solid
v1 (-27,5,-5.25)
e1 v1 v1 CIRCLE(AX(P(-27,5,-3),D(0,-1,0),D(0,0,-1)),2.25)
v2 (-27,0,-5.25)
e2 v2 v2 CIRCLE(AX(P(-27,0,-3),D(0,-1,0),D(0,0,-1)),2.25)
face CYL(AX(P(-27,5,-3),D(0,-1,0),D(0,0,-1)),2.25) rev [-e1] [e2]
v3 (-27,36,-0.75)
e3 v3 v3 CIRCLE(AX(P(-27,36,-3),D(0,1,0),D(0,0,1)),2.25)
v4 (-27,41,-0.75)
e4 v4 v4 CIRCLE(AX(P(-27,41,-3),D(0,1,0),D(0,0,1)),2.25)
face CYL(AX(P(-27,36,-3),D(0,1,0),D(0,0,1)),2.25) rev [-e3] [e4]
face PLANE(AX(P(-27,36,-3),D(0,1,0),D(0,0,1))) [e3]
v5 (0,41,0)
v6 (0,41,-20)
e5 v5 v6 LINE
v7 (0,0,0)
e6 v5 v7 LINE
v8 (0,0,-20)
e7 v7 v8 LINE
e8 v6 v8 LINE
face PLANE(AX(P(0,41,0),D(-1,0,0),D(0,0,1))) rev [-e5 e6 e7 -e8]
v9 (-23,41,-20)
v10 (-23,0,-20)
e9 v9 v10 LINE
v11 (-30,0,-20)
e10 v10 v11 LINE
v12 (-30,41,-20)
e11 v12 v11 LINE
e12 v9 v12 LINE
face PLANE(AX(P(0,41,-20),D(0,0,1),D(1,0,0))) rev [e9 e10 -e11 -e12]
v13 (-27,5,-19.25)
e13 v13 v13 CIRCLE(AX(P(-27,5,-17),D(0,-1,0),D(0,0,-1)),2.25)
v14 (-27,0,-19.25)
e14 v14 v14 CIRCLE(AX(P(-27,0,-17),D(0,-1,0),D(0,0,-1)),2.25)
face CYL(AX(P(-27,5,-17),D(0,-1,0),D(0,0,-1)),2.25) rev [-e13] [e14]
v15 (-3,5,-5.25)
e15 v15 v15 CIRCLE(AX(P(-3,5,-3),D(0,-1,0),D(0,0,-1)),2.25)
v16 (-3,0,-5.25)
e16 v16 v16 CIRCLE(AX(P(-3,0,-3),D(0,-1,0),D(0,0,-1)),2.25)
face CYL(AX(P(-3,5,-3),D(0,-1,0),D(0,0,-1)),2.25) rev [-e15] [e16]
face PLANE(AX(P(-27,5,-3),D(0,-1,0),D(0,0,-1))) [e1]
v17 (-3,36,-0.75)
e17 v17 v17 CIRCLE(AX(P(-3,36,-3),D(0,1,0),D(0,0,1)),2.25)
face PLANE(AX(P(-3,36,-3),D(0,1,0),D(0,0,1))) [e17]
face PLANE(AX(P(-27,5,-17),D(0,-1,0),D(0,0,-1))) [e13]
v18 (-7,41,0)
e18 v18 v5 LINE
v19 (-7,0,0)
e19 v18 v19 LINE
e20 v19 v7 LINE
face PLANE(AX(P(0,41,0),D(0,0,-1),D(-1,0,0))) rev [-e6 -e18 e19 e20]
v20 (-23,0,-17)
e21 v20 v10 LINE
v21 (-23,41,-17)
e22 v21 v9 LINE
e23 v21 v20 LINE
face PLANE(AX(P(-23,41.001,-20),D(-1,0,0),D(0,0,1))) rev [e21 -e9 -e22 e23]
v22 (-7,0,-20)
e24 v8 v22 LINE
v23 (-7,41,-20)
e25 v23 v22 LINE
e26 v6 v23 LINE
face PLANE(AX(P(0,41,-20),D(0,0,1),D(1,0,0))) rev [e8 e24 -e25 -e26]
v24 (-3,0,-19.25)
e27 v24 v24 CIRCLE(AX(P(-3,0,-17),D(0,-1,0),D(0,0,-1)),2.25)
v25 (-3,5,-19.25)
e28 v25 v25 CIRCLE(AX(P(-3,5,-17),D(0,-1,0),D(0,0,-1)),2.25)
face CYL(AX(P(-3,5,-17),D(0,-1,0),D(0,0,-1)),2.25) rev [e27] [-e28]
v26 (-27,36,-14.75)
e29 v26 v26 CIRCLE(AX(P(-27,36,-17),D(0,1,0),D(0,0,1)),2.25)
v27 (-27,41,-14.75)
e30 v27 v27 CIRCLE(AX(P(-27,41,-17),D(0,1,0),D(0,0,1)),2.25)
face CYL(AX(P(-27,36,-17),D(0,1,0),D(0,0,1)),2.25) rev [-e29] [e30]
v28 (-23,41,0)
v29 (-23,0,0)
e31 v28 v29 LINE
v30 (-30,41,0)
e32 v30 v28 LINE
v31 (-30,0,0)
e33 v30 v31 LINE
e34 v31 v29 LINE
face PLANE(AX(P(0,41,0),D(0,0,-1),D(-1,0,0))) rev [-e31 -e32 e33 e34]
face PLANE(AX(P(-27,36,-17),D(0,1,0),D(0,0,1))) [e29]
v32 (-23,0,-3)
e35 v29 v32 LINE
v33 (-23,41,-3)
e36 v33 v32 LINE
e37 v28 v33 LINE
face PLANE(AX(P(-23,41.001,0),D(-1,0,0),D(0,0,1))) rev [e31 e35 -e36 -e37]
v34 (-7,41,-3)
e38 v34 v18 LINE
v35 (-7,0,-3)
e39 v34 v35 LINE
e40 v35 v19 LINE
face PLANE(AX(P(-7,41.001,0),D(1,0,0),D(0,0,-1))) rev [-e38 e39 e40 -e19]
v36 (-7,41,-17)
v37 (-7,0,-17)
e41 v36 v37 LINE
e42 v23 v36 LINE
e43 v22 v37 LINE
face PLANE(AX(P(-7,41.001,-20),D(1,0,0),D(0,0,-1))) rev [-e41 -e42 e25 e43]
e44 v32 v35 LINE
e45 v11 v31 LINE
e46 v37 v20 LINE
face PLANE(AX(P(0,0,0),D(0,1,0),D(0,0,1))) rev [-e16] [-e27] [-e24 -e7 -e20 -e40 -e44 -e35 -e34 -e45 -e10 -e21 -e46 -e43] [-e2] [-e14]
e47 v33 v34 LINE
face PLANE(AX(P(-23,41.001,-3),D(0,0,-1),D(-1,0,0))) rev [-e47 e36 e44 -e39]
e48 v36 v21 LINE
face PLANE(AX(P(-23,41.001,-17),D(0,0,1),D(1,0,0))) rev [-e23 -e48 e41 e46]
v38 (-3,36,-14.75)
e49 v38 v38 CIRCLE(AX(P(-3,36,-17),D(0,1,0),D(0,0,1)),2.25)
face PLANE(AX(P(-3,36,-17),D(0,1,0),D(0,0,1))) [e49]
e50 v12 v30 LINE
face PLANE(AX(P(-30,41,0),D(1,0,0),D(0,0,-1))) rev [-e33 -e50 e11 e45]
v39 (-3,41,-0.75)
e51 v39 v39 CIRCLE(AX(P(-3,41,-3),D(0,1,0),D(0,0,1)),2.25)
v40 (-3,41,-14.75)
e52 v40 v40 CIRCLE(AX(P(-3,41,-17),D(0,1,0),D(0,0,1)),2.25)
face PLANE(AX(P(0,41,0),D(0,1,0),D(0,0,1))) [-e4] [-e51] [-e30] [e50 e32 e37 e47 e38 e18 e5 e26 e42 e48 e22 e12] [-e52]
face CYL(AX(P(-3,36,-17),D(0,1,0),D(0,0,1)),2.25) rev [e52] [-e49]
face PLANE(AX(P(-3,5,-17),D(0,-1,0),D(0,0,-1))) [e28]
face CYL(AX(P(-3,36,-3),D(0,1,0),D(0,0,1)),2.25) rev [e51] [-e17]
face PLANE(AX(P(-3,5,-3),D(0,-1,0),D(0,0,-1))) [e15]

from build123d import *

# Parameters (mm, degrees)
SKETCH_1_W           = 30
SKETCH_1_H           = 20
EXTRUDE_1_DEPTH      = 41
CUT_EXTRUDE_15_REACH = 56.599
SKETCH_17_W          = 7
SKETCH_17_H          = 8
SKETCH_17_W_2        = 16
SKETCH_17_H_2        = 3
SKETCH_20_R          = 2.25
CUT_EXTRUDE_18_DEPTH = 5
SKETCH_21_W          = 8
SKETCH_21_H          = 41
EXTRUDE_2_DEPTH      = 7
SKETCH_22_W          = 8
SKETCH_22_H          = 41
EXTRUDE_3_DEPTH      = 7
CUT_EXTRUDE_START    = -5
SKETCH_23_R          = 2.25
CUT_EXTRUDE_19_DEPTH = 5


with BuildPart() as part:
    # 草图1 → 凸台-拉伸1 (new body)
    with BuildSketch(Plane(origin=(0, 0, 0), x_dir=(1, 0, 0), z_dir=(0, 1, 0))):
        with Locations((-15, 10)):
            Rectangle(SKETCH_1_W, SKETCH_1_H)
    extrude(amount=EXTRUDE_1_DEPTH)

    # 草图17 → 切除-拉伸15 (cut, up to next)
    with BuildSketch(Plane.XZ, mode=Mode.PRIVATE) as cut_extrude_15_sk1:
        with Locations((-26.5, -10)):
            Rectangle(SKETCH_17_W, SKETCH_17_H)
    cut_extrude_15_tool1 = extrude(cut_extrude_15_sk1.sketch, amount=-CUT_EXTRUDE_15_REACH, mode=Mode.PRIVATE) & part.part
    # 草图17 → 切除-拉伸15 (cut, up to next)
    with BuildSketch(Plane.XZ, mode=Mode.PRIVATE) as cut_extrude_15_sk2:
        with Locations((-3.5, -10)):
            Rectangle(SKETCH_17_W, SKETCH_17_H)
    cut_extrude_15_tool2 = extrude(cut_extrude_15_sk2.sketch, amount=-CUT_EXTRUDE_15_REACH, mode=Mode.PRIVATE) & part.part
    # 草图17 → 切除-拉伸15 (cut, up to next)
    with BuildSketch(Plane.XZ, mode=Mode.PRIVATE) as cut_extrude_15_sk3:
        with Locations((-15, -1.5)):
            Rectangle(SKETCH_17_W_2, SKETCH_17_H_2)
    cut_extrude_15_tool3 = extrude(cut_extrude_15_sk3.sketch, amount=-CUT_EXTRUDE_15_REACH, mode=Mode.PRIVATE) & part.part
    # 草图17 → 切除-拉伸15 (cut, up to next)
    with BuildSketch(Plane.XZ, mode=Mode.PRIVATE) as cut_extrude_15_sk4:
        with Locations((-15, -18.5)):
            Rectangle(SKETCH_17_W_2, SKETCH_17_H_2)
    cut_extrude_15_tool4 = extrude(cut_extrude_15_sk4.sketch, amount=-CUT_EXTRUDE_15_REACH, mode=Mode.PRIVATE) & part.part
    add(cut_extrude_15_tool1.solids().sort_by_distance((-26.5, 0, -10))[0], mode=Mode.SUBTRACT)
    add(cut_extrude_15_tool2.solids().sort_by_distance((-3.5, 0, -10))[0], mode=Mode.SUBTRACT)
    add(cut_extrude_15_tool3.solids().sort_by_distance((-15, 0, -1.5))[0], mode=Mode.SUBTRACT)
    add(cut_extrude_15_tool4.solids().sort_by_distance((-15, 0, -18.5))[0], mode=Mode.SUBTRACT)

    # 草图20 → 切除-拉伸18 (cut)
    with BuildSketch(Plane(origin=(0, 41, 0), x_dir=(1, 0, 0), z_dir=(0, 1, 0))):
        with Locations(Location((-27, 17, 0), (0, 0, 270))):
            Circle(SKETCH_20_R)
        with Locations(Location((-27, 3, 0), (0, 0, 270))):
            Circle(SKETCH_20_R)
        with Locations(Location((-3, 3, 0), (0, 0, 270))):
            Circle(SKETCH_20_R)
        with Locations(Location((-3, 17, 0), (0, 0, 270))):
            Circle(SKETCH_20_R)
    extrude(amount=-CUT_EXTRUDE_18_DEPTH, mode=Mode.SUBTRACT)

    # 草图21 → 凸台-拉伸2 (add)
    with BuildSketch(Plane(origin=(-7, 0, 0), x_dir=(0, 0, -1), z_dir=(1, 0, 0))):
        with Locations((10, 20.5)):
            Rectangle(SKETCH_21_W, SKETCH_21_H)
    extrude(amount=EXTRUDE_2_DEPTH)

    # 草图22 → 凸台-拉伸3 (add)
    with BuildSketch(Plane.ZY.offset(23)):
        with Locations((-10, 20.5)):
            Rectangle(SKETCH_22_W, SKETCH_22_H)
    extrude(amount=EXTRUDE_3_DEPTH)

    # 草图23 → 切除-拉伸19 (cut)
    with BuildSketch(Plane.XZ.offset(CUT_EXTRUDE_START)):
        with Locations(Location((-3, -17, 0), (0, 0, 90))):
            Circle(SKETCH_23_R)
        with Locations(Location((-27, -17, 0), (0, 0, 90))):
            Circle(SKETCH_23_R)
        with Locations(Location((-27, -3, 0), (0, 0, 90))):
            Circle(SKETCH_23_R)
        with Locations(Location((-3, -3, 0), (0, 0, 90))):
            Circle(SKETCH_23_R)
    extrude(amount=CUT_EXTRUDE_19_DEPTH, mode=Mode.SUBTRACT)


solid = part.part
